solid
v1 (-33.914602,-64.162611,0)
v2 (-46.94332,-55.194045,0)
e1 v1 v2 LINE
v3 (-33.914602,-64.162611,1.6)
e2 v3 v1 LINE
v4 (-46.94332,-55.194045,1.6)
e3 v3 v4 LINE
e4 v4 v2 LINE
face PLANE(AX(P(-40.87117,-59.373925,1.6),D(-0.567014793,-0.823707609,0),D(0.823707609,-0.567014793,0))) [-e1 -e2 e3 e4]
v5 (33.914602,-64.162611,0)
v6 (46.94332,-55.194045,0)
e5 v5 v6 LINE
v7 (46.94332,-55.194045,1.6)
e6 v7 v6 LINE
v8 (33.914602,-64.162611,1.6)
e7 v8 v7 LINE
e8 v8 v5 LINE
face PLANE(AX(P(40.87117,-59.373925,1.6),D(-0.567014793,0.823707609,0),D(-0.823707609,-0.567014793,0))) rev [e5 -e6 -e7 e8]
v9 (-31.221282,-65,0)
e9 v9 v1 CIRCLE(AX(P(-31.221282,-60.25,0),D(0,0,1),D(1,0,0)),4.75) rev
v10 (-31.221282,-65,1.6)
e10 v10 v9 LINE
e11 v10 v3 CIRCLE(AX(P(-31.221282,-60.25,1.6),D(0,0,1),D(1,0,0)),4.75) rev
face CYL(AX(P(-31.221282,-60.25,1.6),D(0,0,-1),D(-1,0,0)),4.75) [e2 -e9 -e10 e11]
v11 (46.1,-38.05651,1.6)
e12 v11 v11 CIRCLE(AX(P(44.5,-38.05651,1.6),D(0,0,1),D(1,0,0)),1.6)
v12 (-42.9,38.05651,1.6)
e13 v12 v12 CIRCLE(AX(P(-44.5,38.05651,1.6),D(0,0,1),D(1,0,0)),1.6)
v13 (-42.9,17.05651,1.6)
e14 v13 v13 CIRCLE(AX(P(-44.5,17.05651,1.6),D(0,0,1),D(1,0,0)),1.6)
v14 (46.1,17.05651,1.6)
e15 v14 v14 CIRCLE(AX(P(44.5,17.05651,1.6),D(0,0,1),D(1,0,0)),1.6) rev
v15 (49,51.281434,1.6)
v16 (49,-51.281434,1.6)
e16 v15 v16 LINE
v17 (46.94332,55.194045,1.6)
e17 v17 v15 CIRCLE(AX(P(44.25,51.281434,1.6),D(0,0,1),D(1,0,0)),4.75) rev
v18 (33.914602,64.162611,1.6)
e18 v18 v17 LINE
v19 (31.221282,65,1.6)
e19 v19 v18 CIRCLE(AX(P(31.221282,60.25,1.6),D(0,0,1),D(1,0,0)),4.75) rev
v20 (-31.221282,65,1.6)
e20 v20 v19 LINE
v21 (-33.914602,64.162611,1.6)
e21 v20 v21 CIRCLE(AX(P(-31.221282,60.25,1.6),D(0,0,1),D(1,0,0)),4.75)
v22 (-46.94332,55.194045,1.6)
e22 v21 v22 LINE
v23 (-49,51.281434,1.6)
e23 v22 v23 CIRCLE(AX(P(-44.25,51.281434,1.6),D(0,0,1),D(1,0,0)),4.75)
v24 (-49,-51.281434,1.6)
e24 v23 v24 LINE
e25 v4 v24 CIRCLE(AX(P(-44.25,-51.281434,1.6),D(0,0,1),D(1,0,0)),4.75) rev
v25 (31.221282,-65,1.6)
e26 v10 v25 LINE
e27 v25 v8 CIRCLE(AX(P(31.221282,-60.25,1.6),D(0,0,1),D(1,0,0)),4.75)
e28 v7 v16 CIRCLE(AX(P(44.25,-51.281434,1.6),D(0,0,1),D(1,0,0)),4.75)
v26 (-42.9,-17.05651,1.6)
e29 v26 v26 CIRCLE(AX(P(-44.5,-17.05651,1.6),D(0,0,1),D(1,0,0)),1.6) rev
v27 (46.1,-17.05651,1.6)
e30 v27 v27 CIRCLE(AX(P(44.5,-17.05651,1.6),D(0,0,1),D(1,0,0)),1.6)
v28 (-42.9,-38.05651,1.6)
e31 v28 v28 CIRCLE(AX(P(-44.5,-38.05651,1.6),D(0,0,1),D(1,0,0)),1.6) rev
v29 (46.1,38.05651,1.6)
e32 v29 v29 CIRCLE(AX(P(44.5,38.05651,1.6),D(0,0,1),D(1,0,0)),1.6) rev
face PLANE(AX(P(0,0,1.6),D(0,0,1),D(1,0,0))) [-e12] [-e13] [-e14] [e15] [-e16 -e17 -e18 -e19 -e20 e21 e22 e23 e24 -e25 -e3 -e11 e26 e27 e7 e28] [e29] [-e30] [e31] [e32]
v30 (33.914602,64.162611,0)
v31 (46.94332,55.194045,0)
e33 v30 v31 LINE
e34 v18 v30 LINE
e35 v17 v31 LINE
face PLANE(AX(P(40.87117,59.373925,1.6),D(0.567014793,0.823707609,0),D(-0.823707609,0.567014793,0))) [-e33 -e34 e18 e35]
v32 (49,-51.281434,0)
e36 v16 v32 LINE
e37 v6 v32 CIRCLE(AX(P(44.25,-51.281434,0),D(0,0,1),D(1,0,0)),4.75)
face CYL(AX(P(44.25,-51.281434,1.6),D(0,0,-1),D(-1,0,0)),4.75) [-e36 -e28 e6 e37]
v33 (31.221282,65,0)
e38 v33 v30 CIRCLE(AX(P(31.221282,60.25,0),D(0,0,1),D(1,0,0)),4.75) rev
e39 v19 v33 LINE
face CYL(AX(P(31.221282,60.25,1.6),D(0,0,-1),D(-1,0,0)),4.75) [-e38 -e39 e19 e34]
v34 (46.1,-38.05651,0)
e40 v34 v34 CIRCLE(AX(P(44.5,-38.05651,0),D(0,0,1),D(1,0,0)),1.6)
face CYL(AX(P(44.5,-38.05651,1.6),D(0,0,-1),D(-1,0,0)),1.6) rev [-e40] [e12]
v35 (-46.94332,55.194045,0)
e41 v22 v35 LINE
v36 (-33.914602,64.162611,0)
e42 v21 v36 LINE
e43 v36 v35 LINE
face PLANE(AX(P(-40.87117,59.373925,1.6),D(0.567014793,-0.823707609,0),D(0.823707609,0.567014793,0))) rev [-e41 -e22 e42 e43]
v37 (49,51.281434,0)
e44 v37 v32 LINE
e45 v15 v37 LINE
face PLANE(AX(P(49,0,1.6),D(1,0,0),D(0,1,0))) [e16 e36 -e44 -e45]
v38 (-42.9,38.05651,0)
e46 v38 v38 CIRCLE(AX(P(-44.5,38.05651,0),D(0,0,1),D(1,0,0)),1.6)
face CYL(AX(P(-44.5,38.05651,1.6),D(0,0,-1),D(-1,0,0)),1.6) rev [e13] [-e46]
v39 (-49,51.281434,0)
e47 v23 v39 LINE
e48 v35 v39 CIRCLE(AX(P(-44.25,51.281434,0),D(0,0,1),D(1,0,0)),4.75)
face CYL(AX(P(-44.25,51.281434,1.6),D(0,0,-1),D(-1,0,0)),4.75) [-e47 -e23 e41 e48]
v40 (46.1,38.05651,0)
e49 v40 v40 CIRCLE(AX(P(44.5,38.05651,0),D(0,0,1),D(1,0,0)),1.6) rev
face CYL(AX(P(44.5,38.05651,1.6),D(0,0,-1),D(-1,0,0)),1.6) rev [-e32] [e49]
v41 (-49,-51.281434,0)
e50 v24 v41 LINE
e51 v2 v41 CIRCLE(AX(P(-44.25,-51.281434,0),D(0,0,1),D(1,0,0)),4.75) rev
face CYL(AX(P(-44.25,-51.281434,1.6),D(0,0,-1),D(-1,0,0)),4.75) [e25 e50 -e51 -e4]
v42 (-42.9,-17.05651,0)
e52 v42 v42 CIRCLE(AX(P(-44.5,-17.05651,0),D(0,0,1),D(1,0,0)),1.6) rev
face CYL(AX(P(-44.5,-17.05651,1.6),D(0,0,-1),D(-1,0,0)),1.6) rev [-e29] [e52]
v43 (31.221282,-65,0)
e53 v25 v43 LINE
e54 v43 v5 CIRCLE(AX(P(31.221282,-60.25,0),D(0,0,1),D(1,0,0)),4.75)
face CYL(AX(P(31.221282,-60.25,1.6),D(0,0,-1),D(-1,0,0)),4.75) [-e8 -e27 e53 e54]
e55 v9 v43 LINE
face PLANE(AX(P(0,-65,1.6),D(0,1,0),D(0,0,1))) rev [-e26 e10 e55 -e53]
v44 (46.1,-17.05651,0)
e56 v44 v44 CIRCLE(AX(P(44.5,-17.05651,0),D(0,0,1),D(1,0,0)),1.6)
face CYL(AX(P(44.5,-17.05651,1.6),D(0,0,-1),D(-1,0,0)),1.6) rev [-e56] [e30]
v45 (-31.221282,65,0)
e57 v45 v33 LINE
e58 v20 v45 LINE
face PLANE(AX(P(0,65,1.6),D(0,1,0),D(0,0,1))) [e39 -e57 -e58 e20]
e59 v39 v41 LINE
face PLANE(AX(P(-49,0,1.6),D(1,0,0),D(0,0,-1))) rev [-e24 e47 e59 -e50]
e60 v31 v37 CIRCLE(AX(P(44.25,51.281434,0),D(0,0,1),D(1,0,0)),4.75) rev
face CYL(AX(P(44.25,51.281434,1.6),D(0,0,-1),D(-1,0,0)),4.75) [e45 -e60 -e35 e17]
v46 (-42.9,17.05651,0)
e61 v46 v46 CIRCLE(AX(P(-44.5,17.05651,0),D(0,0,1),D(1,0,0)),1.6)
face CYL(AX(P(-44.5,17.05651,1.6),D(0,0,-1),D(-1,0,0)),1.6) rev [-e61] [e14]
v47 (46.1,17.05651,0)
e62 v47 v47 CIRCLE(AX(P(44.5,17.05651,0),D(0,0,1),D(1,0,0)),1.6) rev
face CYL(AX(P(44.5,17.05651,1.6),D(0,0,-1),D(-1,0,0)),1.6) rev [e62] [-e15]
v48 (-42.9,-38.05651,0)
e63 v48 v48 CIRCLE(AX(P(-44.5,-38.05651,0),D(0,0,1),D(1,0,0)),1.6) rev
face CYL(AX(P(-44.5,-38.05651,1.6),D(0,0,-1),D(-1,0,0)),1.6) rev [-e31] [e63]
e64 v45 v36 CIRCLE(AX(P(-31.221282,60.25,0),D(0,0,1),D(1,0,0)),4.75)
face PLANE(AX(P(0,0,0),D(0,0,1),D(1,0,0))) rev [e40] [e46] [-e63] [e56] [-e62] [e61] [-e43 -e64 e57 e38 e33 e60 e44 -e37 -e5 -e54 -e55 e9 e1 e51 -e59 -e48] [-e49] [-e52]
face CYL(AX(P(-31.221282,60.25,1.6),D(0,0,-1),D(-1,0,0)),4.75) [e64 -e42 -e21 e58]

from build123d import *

# Parameters (mm, degrees)
SKETCH_1_R      = 1.6
EXTRUDE_1_DEPTH = 1.6


with BuildPart() as part:
    # Эскиз1 → Бобышка-Вытянуть1 (new body)
    with BuildSketch(Plane.XY):
        with BuildLine():
            Line((33.914602025, -64.162611141), (46.943320266, -55.194045236))
            ThreePointArc((46.943320266, -55.194045236), (48.454507775, -53.491550465), (49, -51.281434095))
            Line((49, -51.281434095), (49, 51.281434095))
            ThreePointArc((49, 51.281434095), (48.454507775, 53.491550465), (46.943320266, 55.194045236))
            Line((46.943320266, 55.194045236), (33.914602025, 64.162611141))
            ThreePointArc((33.914602025, 64.162611141), (32.631529446, 64.785824232), (31.221281759, 65))
            Line((31.221281759, 65), (-31.221281759, 65))
            ThreePointArc((-31.221281759, 65), (-32.631529446, 64.785824232), (-33.914602025, 64.162611141))
            Line((-33.914602025, 64.162611141), (-46.943320266, 55.194045236))
            ThreePointArc((-46.943320266, 55.194045236), (-48.454507775, 53.491550465), (-49, 51.281434095))
            Line((-49, 51.281434095), (-49, -51.281434095))
            ThreePointArc((-49, -51.281434095), (-48.454507775, -53.491550465), (-46.943320266, -55.194045236))
            Line((-46.943320266, -55.194045236), (-33.914602025, -64.162611141))
            ThreePointArc((-33.914602025, -64.162611141), (-32.631529446, -64.785824232), (-31.221281759, -65))
            Line((-31.221281759, -65), (31.221281759, -65))
            ThreePointArc((31.221281759, -65), (32.631529446, -64.785824232), (33.914602025, -64.162611141))
        make_face()
        with Locations((44.5, 17.056509603)):
            Circle(SKETCH_1_R, mode=Mode.SUBTRACT)
        with Locations((-44.5, -17.056509603)):
            Circle(SKETCH_1_R, mode=Mode.SUBTRACT)
        with Locations((-44.5, 17.056509603)):
            Circle(SKETCH_1_R, mode=Mode.SUBTRACT)
        with Locations((-44.5, 38.056509603)):
            Circle(SKETCH_1_R, mode=Mode.SUBTRACT)
        with Locations((-44.5, -38.056509603)):
            Circle(SKETCH_1_R, mode=Mode.SUBTRACT)
        with Locations((44.5, -17.056509603)):
            Circle(SKETCH_1_R, mode=Mode.SUBTRACT)
        with Locations((44.5, -38.056509603)):
            Circle(SKETCH_1_R, mode=Mode.SUBTRACT)
        with Locations((44.5, 38.056509603)):
            Circle(SKETCH_1_R, mode=Mode.SUBTRACT)
    extrude(amount=EXTRUDE_1_DEPTH)


solid = part.part
